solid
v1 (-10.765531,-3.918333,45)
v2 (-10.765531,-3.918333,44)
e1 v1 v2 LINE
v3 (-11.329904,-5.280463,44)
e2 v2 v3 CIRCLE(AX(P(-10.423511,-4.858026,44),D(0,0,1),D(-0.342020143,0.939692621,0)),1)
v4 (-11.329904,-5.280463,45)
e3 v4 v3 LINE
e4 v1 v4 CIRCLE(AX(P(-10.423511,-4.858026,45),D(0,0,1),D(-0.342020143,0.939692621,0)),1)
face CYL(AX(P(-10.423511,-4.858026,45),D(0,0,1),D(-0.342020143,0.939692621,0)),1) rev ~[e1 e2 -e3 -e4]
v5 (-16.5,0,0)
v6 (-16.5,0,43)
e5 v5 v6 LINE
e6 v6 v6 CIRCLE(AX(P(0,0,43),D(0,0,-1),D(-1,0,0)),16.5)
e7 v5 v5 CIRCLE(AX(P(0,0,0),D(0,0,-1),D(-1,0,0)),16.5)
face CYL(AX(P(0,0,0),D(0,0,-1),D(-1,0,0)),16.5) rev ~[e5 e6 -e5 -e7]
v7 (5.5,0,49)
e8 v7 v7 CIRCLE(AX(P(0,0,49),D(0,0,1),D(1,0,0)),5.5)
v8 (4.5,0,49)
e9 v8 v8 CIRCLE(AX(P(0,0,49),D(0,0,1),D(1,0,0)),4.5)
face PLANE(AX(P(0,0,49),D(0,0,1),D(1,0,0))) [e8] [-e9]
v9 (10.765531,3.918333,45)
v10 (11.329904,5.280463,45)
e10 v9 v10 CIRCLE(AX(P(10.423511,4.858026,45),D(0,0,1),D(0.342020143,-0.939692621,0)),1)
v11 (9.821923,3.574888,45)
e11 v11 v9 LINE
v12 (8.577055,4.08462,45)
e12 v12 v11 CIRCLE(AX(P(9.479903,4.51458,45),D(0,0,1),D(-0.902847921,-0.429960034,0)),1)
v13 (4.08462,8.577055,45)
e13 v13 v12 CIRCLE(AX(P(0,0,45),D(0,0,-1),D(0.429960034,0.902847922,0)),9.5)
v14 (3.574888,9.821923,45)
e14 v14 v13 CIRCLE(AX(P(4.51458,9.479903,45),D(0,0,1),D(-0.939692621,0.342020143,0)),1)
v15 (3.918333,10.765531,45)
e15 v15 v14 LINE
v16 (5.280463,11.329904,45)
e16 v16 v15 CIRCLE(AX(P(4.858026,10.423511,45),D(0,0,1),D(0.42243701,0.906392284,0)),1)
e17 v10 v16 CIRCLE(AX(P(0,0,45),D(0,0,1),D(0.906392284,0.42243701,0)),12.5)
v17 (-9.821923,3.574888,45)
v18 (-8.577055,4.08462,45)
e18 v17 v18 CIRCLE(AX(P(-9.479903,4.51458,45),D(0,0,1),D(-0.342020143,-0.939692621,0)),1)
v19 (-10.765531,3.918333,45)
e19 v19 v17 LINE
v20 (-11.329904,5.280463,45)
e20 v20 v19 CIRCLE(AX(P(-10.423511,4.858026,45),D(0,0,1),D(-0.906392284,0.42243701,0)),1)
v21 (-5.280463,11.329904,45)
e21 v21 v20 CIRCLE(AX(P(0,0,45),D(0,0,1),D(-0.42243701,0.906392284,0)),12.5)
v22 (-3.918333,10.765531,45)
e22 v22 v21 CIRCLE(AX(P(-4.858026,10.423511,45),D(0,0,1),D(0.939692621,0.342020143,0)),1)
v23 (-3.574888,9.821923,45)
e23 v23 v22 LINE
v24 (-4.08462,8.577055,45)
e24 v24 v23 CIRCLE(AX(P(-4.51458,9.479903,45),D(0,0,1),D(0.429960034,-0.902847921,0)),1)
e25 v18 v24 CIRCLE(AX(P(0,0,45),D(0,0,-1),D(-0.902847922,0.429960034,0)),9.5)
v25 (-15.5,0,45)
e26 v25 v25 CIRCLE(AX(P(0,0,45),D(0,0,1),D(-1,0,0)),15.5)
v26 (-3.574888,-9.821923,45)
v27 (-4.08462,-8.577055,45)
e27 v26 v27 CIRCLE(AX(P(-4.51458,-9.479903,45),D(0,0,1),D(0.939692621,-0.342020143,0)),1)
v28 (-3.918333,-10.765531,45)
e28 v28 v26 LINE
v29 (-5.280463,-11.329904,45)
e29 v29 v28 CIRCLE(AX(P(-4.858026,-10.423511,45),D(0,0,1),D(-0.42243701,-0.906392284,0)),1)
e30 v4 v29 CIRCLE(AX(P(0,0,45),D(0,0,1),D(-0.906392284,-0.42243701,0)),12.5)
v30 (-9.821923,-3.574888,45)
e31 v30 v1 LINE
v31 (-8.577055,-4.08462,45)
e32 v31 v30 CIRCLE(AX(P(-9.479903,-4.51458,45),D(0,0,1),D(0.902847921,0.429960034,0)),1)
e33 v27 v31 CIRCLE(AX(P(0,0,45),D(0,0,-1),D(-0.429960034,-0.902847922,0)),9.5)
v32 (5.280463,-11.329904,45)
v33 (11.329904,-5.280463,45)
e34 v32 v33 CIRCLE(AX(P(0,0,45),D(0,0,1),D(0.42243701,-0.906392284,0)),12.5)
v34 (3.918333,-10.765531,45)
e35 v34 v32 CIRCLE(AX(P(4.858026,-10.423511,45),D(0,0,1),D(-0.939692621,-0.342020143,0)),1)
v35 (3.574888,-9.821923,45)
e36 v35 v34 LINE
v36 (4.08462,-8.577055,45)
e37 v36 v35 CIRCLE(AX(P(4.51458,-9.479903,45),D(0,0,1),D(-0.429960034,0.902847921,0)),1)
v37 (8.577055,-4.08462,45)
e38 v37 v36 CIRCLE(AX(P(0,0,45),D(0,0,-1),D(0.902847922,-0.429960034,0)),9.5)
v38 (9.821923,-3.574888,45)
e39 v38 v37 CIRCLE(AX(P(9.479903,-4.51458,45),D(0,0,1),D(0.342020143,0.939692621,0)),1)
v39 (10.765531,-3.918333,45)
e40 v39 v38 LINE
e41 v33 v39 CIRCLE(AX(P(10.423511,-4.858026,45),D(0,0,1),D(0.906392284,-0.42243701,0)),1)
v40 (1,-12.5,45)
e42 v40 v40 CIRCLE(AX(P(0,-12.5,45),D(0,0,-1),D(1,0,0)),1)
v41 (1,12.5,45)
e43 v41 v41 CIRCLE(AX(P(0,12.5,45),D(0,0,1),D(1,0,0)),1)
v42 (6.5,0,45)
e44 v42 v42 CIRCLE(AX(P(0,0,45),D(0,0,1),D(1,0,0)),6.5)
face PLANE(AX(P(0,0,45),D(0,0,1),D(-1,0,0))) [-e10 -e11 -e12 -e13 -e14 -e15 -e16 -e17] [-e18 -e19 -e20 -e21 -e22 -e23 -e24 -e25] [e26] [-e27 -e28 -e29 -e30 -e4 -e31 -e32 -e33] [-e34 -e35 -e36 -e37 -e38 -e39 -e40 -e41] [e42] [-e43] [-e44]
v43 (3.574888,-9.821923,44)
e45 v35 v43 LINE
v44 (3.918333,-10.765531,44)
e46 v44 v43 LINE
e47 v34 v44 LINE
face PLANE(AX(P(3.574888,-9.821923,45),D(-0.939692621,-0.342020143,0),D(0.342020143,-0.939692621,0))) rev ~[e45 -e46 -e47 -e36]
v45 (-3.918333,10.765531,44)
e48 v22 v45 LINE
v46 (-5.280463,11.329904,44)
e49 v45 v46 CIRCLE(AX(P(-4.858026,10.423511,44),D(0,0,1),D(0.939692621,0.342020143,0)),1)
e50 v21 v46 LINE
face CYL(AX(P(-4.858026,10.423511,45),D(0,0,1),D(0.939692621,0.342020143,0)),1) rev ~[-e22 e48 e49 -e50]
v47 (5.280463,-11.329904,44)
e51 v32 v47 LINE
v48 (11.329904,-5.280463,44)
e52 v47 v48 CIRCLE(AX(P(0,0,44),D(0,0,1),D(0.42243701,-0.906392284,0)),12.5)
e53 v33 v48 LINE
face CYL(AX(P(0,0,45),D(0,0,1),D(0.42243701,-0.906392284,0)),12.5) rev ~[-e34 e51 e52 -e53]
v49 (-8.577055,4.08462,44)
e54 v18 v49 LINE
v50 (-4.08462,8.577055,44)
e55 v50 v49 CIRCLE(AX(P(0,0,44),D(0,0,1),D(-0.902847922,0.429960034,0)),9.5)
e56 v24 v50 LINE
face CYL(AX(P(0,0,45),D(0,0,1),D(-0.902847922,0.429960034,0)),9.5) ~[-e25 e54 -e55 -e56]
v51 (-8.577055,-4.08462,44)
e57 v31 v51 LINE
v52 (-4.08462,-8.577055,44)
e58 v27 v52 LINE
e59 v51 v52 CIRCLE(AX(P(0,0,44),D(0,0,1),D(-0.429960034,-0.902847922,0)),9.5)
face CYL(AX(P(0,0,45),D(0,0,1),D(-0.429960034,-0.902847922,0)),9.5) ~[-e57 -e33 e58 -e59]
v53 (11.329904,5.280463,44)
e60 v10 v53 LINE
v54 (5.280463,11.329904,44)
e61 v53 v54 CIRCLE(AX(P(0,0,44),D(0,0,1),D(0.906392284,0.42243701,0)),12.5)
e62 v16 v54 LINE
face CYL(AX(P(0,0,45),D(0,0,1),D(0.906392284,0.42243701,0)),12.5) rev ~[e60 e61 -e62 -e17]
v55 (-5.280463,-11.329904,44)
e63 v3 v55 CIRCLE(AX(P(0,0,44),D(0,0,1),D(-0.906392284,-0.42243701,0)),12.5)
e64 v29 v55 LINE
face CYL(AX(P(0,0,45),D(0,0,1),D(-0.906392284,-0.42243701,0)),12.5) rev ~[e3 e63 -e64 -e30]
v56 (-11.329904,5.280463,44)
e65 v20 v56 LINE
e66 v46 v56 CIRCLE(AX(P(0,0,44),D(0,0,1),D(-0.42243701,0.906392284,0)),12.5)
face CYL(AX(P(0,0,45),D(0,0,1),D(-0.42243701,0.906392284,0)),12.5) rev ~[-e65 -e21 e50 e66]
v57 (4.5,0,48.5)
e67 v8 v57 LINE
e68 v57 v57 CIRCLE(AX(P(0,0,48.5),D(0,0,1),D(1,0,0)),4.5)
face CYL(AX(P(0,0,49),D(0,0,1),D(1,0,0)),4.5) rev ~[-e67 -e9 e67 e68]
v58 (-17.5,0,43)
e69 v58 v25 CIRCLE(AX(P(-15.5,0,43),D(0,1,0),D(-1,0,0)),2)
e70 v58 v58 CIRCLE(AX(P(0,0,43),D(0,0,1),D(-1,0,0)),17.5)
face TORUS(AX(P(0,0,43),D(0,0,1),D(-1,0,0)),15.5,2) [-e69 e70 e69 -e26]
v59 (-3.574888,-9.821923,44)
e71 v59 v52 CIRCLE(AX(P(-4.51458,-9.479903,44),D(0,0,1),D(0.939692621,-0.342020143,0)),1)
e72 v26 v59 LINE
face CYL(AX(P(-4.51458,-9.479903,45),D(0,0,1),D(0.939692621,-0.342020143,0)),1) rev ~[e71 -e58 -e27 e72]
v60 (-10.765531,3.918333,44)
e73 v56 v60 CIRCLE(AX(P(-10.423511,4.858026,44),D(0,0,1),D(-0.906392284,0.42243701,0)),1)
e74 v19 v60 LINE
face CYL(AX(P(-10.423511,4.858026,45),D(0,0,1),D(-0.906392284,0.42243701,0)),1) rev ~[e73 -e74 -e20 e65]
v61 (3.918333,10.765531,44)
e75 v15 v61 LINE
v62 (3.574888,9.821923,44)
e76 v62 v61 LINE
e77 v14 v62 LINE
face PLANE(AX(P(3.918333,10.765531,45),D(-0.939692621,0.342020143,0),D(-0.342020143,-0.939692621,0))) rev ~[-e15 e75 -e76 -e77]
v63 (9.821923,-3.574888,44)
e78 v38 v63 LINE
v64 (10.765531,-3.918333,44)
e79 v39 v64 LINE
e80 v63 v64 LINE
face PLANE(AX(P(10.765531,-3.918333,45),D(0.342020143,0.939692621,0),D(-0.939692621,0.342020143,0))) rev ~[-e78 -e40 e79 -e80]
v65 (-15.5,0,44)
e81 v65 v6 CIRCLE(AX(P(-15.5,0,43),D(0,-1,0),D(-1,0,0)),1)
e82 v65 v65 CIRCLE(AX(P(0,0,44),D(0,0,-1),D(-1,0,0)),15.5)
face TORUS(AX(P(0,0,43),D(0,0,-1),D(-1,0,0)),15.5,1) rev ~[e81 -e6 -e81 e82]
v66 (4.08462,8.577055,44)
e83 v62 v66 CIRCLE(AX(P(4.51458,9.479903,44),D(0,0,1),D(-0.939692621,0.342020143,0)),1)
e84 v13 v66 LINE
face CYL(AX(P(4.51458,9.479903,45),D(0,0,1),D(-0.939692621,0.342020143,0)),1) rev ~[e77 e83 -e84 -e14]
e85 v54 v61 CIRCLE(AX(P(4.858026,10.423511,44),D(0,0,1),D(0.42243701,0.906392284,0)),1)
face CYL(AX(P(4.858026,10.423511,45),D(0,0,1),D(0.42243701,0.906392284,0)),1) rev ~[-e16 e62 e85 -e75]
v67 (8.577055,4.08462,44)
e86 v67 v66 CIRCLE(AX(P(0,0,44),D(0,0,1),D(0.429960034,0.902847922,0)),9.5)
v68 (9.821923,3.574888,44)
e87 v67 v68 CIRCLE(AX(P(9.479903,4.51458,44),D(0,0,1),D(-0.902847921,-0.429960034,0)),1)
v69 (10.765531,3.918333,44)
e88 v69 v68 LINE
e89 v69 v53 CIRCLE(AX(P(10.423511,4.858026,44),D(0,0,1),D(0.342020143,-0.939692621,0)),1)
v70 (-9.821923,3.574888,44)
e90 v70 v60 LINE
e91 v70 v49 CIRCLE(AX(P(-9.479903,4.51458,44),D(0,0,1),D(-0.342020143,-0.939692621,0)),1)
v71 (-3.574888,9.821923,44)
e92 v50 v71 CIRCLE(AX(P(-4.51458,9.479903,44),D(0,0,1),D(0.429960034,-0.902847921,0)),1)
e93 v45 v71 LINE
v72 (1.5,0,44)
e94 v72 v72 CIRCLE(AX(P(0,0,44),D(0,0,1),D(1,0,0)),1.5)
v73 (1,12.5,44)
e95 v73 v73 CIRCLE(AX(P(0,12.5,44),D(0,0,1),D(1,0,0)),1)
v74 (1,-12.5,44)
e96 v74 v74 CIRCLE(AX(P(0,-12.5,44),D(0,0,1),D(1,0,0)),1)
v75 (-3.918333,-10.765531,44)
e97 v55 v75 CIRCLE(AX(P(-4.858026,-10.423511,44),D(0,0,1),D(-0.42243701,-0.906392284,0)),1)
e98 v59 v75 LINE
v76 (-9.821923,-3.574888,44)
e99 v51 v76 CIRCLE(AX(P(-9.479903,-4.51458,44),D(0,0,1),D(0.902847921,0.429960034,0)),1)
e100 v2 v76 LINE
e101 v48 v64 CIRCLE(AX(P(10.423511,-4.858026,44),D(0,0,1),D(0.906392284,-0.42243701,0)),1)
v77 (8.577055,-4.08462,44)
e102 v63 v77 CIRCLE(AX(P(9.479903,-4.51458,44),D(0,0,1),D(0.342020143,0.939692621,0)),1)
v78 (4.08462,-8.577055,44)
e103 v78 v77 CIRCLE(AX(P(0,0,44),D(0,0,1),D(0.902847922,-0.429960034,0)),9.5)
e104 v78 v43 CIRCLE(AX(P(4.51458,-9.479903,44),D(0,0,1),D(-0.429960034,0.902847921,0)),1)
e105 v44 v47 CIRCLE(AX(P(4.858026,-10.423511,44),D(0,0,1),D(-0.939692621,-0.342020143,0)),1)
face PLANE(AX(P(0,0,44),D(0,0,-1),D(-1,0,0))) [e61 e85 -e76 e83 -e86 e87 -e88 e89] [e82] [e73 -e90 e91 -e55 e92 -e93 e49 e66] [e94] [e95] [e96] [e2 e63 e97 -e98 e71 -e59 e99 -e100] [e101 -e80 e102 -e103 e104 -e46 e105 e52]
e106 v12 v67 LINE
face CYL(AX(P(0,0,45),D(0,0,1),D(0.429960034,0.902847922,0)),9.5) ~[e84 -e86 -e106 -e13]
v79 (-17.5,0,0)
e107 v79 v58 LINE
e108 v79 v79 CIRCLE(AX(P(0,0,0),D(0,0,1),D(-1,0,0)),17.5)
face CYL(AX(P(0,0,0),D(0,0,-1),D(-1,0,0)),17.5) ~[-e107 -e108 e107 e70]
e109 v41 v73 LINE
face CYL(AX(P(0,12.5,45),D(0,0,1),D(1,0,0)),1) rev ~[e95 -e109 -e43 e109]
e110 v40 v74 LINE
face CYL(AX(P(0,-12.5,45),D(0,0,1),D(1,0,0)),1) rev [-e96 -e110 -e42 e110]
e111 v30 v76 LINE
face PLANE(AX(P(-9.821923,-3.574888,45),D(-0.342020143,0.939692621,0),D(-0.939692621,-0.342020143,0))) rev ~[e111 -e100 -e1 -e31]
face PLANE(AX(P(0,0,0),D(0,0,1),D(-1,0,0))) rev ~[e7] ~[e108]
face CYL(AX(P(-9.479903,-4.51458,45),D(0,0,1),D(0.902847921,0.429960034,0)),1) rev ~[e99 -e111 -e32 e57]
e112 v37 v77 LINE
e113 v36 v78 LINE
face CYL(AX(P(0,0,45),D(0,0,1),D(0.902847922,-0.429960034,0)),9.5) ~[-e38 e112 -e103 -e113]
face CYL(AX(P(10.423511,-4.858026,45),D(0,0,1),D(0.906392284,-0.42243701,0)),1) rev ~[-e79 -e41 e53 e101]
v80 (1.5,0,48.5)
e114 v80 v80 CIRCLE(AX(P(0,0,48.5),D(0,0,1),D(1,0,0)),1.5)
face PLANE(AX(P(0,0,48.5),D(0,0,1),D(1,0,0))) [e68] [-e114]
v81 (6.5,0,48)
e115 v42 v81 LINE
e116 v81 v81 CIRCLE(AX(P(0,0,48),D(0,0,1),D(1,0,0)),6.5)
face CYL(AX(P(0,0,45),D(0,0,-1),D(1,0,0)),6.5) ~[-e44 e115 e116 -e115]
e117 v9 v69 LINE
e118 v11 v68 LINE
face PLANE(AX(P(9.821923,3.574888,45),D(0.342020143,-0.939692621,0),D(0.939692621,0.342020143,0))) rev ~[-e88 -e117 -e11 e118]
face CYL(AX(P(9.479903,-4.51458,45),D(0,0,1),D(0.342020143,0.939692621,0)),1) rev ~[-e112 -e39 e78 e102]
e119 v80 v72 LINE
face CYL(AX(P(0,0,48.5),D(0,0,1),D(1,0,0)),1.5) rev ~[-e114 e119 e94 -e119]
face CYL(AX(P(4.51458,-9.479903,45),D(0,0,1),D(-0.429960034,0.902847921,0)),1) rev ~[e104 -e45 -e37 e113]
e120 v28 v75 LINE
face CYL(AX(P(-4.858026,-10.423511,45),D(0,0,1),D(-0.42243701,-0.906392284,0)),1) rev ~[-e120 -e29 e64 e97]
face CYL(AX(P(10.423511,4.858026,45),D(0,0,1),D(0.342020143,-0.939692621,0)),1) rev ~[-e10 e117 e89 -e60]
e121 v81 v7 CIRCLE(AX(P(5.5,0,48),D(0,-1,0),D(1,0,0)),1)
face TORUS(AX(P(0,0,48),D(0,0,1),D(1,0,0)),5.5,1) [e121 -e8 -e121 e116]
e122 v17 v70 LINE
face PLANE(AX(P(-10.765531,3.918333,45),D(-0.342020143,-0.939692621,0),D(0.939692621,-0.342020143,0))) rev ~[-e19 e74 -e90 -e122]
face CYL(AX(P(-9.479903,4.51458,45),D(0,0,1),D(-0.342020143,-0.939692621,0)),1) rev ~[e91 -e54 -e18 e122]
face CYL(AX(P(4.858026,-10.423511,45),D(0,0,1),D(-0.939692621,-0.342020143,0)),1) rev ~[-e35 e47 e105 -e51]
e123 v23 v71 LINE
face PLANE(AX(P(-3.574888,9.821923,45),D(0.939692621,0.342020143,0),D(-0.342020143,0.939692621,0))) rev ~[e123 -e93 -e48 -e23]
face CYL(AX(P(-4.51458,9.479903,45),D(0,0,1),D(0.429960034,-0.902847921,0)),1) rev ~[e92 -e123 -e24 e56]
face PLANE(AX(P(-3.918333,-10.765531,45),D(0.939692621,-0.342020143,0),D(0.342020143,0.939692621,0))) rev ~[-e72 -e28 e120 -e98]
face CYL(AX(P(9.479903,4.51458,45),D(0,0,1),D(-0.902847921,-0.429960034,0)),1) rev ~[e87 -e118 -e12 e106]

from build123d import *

# Parameters (mm, degrees)
IZIM2_R                     = 17.5
Y_KSEKLIK_EKSTR_ZYON1_DEPTH = 45
IZIM3_R                     = 6.5
Y_KSEKLIK_EKSTR_ZYON2_DEPTH = 4
RADYUS1_R                   = 2
RADYUS2_R                   = 1
IZIM4_R                     = 1
KES_EKSTR_ZYON1_DEPTH       = 45
IZIM5_R                     = 16.5
KES_EKSTR_ZYON2_DEPTH       = 44
RADYUS3_R                   = 1
KES_EKSTR_ZYON3_DEPTH       = 44
DAIRESEL_KAPLAMA1_COUNT     = 4
IZIM9_R                     = 4.5
KES_EKSTR_ZYON4_DEPTH       = 0.5
IZIM10_R                    = 1.5
KES_EKSTR_ZYON6_DEPTH       = 30


with BuildPart() as part:
    # Çizim2 → Yükseklik-Ekstrüzyon1 (new body)
    with BuildSketch(Plane.XY):
        with Locations(Location((0, 0, 0), (0, 0, 180))):
            Circle(IZIM2_R)
    extrude(amount=Y_KSEKLIK_EKSTR_ZYON1_DEPTH)

    # Çizim3 → Yükseklik-Ekstrüzyon2 (add)
    with BuildSketch(Plane.XY.offset(45)):
        Circle(IZIM3_R)
    extrude(amount=Y_KSEKLIK_EKSTR_ZYON2_DEPTH)

    # Radyus1
    radyus1_edges = [part.edges().sort_by_distance(p)[0] for p in [
        (17.5, 0, 45),
    ]]
    fillet(radyus1_edges, radius=RADYUS1_R)

    # Radyus2
    radyus2_edges = [part.edges().sort_by_distance(p)[0] for p in [
        (-6.5, 0, 49),
    ]]
    fillet(radyus2_edges, radius=RADYUS2_R)

    # Çizim4 → Kes-Ekstrüzyon1 (cut)
    with BuildSketch(Plane.XY.offset(45)):
        with Locations((0, 12.5)):
            Circle(IZIM4_R)
    kes_ekstr_zyon1 = extrude(amount=-KES_EKSTR_ZYON1_DEPTH, mode=Mode.SUBTRACT)

    # Çizim5 → Kes-Ekstrüzyon2 (cut)
    with BuildSketch(Plane(origin=(0, 0, 0), x_dir=(-1, 0, 0), z_dir=(0, 0, -1))):
        Circle(IZIM5_R)
    extrude(amount=-KES_EKSTR_ZYON2_DEPTH, mode=Mode.SUBTRACT)

    # Radyus3
    radyus3_edges = [part.edges().sort_by_distance(p)[0] for p in [
        (16.5, 0, 44),
    ]]
    fillet(radyus3_edges, radius=RADYUS3_R)

    # Aynalama1: Kes-Ekstrüzyon1 across plane
    add(kes_ekstr_zyon1.mirror(Plane.ZX), mode=Mode.SUBTRACT)

    # Çizim7 → Kes-Ekstrüzyon3 (cut)
    with BuildSketch(Plane.XY.offset(45)):
        with BuildLine():
            ThreePointArc((8.577055255, 4.084620319), (9.100972079, 3.589155465), (9.82192332, 3.574887732))
            Line((9.82192332, 3.574887732), (10.765531412, 3.91833299))
            ThreePointArc((10.765531412, 3.91833299), (11.347352532, 4.475249801), (11.329903553, 5.28046262))
            ThreePointArc((11.329903553, 5.28046262), (8.838834765, 8.838834765), (5.28046262, 11.329903553))
            ThreePointArc((5.28046262, 11.329903553), (4.475249801, 11.347352532), (3.91833299, 10.765531412))
            Line((3.91833299, 10.765531412), (3.574887732, 9.82192332))
            ThreePointArc((3.574887732, 9.82192332), (3.589155465, 9.100972079), (4.084620319, 8.577055255))
            ThreePointArc((4.084620319, 8.577055255), (6.717514421, 6.717514421), (8.577055255, 4.084620319))
        make_face()
    kes_ekstr_zyon3 = extrude(amount=-KES_EKSTR_ZYON3_DEPTH, mode=Mode.SUBTRACT)

    # Dairesel Kaplama1: Kes-Ekstrüzyon3 ×4 about axis
    dairesel_kaplama1_axis = Axis((0, 0, 0), (0, 0, 1))
    for i in range(1, DAIRESEL_KAPLAMA1_COUNT):
        add(kes_ekstr_zyon3.rotate(dairesel_kaplama1_axis, i * 360 / DAIRESEL_KAPLAMA1_COUNT), mode=Mode.SUBTRACT)

    # Çizim9 → Kes-Ekstrüzyon4 (cut)
    with BuildSketch(Plane.XY.offset(49)):
        Circle(IZIM9_R)
    extrude(amount=-KES_EKSTR_ZYON4_DEPTH, mode=Mode.SUBTRACT)

    # Çizim10 → Kes-Ekstrüzyon6 (cut)
    with BuildSketch(Plane.XY.offset(48.5)):
        Circle(IZIM10_R)
    extrude(amount=-KES_EKSTR_ZYON6_DEPTH, mode=Mode.SUBTRACT)


solid = part.part
